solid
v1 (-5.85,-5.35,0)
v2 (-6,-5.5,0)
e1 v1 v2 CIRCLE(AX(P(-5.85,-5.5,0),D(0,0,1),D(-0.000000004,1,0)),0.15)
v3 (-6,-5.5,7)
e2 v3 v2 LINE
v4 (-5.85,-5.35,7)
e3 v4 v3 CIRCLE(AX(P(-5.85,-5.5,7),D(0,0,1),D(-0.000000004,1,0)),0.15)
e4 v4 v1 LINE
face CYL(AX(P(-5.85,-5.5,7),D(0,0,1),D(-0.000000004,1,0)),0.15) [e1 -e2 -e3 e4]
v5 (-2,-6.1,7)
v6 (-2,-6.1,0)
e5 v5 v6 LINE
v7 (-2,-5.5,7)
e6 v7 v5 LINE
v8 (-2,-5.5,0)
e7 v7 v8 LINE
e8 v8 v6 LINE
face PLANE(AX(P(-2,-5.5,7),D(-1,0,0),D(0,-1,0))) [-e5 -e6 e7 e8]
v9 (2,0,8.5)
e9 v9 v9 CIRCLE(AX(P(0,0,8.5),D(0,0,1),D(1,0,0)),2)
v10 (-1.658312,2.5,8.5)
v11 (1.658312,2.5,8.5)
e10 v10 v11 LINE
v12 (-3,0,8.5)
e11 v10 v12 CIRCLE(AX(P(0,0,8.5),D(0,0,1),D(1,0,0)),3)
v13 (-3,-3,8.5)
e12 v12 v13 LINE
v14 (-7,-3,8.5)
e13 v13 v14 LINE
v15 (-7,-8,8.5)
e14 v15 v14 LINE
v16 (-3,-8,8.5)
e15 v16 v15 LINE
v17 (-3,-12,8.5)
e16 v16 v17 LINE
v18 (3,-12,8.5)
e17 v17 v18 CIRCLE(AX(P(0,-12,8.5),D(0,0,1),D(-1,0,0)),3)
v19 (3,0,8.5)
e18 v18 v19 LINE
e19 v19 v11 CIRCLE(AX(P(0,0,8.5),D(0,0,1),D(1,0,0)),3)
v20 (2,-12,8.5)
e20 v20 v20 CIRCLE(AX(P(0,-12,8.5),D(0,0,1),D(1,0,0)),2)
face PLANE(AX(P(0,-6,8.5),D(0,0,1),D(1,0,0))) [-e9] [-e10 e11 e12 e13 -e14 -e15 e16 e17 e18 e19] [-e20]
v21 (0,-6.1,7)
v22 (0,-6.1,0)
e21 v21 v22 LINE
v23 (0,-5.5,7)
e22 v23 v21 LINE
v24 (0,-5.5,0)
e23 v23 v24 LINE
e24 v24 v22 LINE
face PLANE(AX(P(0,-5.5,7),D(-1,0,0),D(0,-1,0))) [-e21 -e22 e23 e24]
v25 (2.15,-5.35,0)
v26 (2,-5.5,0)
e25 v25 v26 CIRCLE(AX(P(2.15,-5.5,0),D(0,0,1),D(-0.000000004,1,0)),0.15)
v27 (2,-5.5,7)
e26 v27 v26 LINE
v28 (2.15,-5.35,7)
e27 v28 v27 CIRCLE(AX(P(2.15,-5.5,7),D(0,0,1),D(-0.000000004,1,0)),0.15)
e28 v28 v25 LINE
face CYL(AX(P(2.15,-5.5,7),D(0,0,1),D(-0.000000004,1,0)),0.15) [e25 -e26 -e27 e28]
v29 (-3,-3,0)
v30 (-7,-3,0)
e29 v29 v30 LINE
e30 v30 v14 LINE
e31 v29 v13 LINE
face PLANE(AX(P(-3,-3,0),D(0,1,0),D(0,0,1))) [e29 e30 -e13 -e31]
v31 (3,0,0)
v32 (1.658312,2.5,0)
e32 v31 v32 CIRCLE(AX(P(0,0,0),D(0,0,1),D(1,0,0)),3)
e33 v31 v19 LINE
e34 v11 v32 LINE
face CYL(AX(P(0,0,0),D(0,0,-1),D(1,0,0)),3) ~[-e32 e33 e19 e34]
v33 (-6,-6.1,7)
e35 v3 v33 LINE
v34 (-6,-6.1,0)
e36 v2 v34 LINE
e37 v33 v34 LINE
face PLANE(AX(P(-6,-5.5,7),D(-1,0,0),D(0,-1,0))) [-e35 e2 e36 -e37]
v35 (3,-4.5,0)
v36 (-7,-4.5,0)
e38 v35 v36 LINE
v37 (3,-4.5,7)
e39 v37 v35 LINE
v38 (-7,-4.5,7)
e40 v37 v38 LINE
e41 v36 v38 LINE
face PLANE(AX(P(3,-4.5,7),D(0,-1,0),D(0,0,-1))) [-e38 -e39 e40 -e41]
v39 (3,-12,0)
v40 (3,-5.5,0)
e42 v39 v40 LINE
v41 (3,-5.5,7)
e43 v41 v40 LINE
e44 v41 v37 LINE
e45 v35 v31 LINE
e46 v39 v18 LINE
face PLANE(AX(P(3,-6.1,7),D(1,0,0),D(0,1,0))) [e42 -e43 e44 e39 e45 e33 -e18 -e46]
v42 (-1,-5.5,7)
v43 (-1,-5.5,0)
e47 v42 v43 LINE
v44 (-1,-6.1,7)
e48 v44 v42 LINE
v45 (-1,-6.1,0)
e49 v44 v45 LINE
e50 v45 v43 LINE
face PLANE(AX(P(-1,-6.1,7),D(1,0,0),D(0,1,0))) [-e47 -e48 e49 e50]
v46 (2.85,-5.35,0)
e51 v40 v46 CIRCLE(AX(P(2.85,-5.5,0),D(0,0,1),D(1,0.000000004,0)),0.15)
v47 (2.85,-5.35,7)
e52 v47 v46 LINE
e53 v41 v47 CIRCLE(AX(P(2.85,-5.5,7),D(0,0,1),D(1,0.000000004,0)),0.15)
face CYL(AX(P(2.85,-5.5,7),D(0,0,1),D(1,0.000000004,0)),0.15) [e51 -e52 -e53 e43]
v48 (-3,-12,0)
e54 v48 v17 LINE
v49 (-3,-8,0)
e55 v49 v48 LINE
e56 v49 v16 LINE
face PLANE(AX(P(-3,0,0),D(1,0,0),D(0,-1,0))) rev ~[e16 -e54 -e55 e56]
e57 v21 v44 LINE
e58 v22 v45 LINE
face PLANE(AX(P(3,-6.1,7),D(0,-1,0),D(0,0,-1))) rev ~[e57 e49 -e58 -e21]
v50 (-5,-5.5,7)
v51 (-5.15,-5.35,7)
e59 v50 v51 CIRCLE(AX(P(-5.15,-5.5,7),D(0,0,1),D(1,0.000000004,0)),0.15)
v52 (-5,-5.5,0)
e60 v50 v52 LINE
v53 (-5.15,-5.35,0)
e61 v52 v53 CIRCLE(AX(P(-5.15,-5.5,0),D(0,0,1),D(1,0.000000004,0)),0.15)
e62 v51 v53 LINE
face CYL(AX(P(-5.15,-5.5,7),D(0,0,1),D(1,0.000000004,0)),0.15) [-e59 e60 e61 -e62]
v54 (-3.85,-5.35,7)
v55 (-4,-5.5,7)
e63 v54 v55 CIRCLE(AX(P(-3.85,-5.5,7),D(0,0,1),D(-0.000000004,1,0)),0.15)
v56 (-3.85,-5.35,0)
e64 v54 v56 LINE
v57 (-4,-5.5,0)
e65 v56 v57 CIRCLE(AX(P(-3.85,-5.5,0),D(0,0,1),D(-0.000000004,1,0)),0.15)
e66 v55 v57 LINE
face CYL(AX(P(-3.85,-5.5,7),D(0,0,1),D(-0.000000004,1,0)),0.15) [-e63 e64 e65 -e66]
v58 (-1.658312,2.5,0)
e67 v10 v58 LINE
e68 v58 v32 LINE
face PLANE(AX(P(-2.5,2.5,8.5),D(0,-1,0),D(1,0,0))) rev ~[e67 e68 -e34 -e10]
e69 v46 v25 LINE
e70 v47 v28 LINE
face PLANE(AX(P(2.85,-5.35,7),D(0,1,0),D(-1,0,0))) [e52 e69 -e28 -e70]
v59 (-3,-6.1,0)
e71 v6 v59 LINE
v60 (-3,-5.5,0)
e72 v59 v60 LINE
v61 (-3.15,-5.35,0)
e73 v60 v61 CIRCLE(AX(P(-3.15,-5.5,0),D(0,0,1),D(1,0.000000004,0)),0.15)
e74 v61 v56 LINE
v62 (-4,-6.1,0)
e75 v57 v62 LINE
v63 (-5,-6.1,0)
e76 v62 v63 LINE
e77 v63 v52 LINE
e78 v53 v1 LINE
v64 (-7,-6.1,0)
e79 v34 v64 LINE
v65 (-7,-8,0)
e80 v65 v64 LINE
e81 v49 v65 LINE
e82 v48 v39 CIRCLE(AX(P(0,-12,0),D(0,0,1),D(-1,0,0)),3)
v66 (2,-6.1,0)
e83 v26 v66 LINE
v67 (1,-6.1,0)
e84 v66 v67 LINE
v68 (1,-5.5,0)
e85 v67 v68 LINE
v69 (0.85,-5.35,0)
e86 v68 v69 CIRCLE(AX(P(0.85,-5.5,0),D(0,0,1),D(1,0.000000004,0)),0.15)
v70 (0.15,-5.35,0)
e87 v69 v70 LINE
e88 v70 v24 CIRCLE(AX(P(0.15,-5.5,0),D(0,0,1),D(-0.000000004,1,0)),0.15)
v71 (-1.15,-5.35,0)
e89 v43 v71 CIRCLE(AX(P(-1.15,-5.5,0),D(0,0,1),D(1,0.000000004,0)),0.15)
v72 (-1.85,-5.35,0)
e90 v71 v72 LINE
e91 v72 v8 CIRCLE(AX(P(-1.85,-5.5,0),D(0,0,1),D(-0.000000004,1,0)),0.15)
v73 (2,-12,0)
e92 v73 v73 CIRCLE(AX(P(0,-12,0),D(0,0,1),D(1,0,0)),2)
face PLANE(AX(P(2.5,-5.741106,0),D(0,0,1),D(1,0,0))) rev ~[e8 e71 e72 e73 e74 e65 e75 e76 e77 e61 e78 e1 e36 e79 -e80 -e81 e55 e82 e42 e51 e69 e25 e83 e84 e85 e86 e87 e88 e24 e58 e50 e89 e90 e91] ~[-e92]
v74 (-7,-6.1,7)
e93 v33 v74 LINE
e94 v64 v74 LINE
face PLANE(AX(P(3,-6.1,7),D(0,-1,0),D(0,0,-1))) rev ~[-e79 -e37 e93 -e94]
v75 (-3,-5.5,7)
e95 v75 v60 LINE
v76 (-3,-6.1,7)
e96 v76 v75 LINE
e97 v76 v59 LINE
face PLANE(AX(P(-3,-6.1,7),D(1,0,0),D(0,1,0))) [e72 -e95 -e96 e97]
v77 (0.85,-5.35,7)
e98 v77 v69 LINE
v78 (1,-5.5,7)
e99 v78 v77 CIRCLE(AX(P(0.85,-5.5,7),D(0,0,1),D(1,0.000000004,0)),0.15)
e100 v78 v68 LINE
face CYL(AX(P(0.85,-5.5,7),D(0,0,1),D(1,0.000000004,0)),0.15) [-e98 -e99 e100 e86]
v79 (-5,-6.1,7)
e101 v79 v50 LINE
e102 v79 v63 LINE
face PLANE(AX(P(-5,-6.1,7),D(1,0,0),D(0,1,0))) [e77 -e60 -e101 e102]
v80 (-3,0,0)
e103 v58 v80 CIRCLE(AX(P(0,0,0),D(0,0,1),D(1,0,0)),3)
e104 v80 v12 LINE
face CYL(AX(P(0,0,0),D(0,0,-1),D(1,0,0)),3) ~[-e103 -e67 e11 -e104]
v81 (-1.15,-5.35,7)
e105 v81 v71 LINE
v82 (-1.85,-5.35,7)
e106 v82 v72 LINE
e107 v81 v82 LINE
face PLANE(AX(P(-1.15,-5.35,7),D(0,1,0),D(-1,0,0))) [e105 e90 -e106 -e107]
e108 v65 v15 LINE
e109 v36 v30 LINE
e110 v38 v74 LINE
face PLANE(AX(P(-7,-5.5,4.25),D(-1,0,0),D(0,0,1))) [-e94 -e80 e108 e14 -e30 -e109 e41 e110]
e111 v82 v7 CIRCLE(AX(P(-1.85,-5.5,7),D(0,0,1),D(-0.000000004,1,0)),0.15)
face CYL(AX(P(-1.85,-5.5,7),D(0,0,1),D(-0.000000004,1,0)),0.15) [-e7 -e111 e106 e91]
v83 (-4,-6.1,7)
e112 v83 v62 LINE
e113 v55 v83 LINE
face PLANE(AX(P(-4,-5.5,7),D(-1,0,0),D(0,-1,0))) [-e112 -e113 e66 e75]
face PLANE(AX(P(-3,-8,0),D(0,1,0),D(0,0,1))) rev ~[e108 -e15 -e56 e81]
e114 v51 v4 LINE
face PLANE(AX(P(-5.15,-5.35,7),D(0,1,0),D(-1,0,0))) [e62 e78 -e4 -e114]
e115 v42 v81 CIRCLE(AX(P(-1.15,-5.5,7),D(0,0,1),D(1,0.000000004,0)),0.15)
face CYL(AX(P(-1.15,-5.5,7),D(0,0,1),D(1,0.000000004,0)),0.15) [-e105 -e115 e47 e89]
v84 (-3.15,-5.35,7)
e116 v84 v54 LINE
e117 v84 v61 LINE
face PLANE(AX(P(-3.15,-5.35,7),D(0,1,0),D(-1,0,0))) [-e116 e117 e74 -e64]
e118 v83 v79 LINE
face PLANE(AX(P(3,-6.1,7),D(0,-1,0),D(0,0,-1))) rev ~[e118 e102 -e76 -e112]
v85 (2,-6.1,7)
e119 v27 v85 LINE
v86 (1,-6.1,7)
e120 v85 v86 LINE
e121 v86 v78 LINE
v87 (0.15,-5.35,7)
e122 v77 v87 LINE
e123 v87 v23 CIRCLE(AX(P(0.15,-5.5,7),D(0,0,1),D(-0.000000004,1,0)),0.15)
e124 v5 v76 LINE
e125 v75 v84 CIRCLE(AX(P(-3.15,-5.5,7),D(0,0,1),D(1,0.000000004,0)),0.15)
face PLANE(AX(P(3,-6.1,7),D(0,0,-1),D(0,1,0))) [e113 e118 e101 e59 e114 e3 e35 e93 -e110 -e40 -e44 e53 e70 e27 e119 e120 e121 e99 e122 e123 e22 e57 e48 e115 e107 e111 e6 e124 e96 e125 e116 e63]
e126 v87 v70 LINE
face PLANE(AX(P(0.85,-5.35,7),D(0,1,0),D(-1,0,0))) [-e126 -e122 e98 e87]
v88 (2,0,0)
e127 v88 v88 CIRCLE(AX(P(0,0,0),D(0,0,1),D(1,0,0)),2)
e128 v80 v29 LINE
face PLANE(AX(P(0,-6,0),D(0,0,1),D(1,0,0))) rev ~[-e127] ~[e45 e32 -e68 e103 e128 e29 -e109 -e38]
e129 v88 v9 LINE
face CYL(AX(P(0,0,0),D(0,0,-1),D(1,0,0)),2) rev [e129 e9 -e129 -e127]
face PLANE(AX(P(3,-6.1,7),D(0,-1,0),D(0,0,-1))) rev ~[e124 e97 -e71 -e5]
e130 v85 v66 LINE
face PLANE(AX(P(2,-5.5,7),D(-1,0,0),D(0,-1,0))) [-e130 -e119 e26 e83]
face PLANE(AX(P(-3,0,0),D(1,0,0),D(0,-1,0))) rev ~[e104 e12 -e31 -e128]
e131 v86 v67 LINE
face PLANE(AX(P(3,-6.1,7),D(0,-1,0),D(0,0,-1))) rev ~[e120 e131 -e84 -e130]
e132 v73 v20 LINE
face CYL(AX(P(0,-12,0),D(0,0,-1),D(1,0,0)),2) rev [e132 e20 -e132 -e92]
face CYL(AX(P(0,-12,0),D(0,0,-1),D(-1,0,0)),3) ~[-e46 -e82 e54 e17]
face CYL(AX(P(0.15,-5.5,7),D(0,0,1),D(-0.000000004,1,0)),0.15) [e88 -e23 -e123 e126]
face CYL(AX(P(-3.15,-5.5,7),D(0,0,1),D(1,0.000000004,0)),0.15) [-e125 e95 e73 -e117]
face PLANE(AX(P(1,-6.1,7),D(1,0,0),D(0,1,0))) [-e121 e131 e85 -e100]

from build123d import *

# Parameters (mm, degrees)
SKETCH1_R           = 2
BOSS_EXTRUDE1_DEPTH = 8.5
SKETCH9_W           = 8.5
SKETCH9_H           = 5
BOSS_EXTRUDE4_DEPTH = 4
SKETCH6_W           = 7
SKETCH6_H           = 1.6
CUT_EXTRUDE5_DEPTH  = 20.931131428
BOSS_EXTRUDE3_DEPTH = 7
SKETCH10_W          = 5
SKETCH10_H          = 1
CUT_EXTRUDE6_DEPTH  = 19.607794066


with BuildPart() as part:
    # Sketch1 → Boss-Extrude1 (new body)
    with BuildSketch(Plane.XY):
        with BuildLine():
            Line((-3, 0), (-3, -12))
            ThreePointArc((-3, -12), (0, -15), (3, -12))
            Line((3, -12), (3, 0))
            ThreePointArc((3, 0), (0, 3), (-3, 0))
        make_face()
        Circle(SKETCH1_R, mode=Mode.SUBTRACT)
        with Locations((0, -12)):
            Circle(SKETCH1_R, mode=Mode.SUBTRACT)
    extrude(amount=BOSS_EXTRUDE1_DEPTH)

    # Sketch9 → Boss-Extrude4 (add)
    with BuildSketch(Plane.ZY.offset(3)):
        with Locations((4.25, -5.5)):
            Rectangle(SKETCH9_W, SKETCH9_H)
    extrude(amount=BOSS_EXTRUDE4_DEPTH)

    # Sketch6 → Cut-Extrude5 (cut, through all)
    with BuildSketch(Plane(origin=(3, 0, 0), x_dir=(0, 0, -1), z_dir=(1, 0, 0))):
        with Locations((-3.5, -5.3)):
            Rectangle(SKETCH6_W, SKETCH6_H)
    extrude(amount=-CUT_EXTRUDE5_DEPTH, mode=Mode.SUBTRACT)

    # Sketch7 → Boss-Extrude3 (add, through all)
    with BuildSketch(Plane(origin=(0, 0, 7), x_dir=(-1, 0, 0), z_dir=(0, 0, -1))):
        with BuildLine():
            Line((-3, -6.1), (-3, -5.5))
            ThreePointArc((-3, -5.5), (-2.956066017, -5.393933983), (-2.85, -5.35))
            Line((-2.85, -5.35), (-2.15, -5.35))
            ThreePointArc((-2.15, -5.35), (-2.043933983, -5.393933983), (-2, -5.5))
            Line((-2, -5.5), (-2, -6.1))
            Line((-2, -6.1), (-3, -6.1))
        make_face()
        with BuildLine():
            Line((-0.85, -5.35), (-0.15, -5.35))
            ThreePointArc((-0.15, -5.35), (-0.043933983, -5.393933983), (0, -5.5))
            Line((0, -5.5), (0, -6.1))
            Line((0, -6.1), (-1, -6.1))
            Line((-1, -6.1), (-1, -5.5))
            ThreePointArc((-1, -5.5), (-0.956066017, -5.393933983), (-0.85, -5.35))
        make_face()
        with BuildLine():
            Line((1.15, -5.35), (1.85, -5.35))
            ThreePointArc((1.85, -5.35), (1.956066017, -5.393933983), (2, -5.5))
            Line((2, -5.5), (2, -6.1))
            Line((2, -6.1), (1, -6.1))
            Line((1, -6.1), (1, -5.5))
            ThreePointArc((1, -5.5), (1.043933983, -5.393933983), (1.15, -5.35))
        make_face()
        with BuildLine():
            Line((3.15, -5.35), (3.85, -5.35))
            ThreePointArc((3.85, -5.35), (3.956066017, -5.393933983), (4, -5.5))
            Line((4, -5.5), (4, -6.1))
            Line((4, -6.1), (3, -6.1))
            Line((3, -6.1), (3, -5.5))
            ThreePointArc((3, -5.5), (3.043933983, -5.393933983), (3.15, -5.35))
        make_face()
        with BuildLine():
            Line((5.15, -5.35), (5.85, -5.35))
            ThreePointArc((5.85, -5.35), (5.956066017, -5.393933983), (6, -5.5))
            Line((6, -5.5), (6, -6.1))
            Line((6, -6.1), (5, -6.1))
            Line((5, -6.1), (5, -5.5))
            ThreePointArc((5, -5.5), (5.043933983, -5.393933983), (5.15, -5.35))
        make_face()
    extrude(amount=BOSS_EXTRUDE3_DEPTH)

    # Sketch10 → Cut-Extrude6 (cut, through all)
    with BuildSketch(Plane.XY.offset(8.5)):
        with Locations((0, 3)):
            Rectangle(SKETCH10_W, SKETCH10_H)
    extrude(amount=-CUT_EXTRUDE6_DEPTH, mode=Mode.SUBTRACT)


solid = part.part
